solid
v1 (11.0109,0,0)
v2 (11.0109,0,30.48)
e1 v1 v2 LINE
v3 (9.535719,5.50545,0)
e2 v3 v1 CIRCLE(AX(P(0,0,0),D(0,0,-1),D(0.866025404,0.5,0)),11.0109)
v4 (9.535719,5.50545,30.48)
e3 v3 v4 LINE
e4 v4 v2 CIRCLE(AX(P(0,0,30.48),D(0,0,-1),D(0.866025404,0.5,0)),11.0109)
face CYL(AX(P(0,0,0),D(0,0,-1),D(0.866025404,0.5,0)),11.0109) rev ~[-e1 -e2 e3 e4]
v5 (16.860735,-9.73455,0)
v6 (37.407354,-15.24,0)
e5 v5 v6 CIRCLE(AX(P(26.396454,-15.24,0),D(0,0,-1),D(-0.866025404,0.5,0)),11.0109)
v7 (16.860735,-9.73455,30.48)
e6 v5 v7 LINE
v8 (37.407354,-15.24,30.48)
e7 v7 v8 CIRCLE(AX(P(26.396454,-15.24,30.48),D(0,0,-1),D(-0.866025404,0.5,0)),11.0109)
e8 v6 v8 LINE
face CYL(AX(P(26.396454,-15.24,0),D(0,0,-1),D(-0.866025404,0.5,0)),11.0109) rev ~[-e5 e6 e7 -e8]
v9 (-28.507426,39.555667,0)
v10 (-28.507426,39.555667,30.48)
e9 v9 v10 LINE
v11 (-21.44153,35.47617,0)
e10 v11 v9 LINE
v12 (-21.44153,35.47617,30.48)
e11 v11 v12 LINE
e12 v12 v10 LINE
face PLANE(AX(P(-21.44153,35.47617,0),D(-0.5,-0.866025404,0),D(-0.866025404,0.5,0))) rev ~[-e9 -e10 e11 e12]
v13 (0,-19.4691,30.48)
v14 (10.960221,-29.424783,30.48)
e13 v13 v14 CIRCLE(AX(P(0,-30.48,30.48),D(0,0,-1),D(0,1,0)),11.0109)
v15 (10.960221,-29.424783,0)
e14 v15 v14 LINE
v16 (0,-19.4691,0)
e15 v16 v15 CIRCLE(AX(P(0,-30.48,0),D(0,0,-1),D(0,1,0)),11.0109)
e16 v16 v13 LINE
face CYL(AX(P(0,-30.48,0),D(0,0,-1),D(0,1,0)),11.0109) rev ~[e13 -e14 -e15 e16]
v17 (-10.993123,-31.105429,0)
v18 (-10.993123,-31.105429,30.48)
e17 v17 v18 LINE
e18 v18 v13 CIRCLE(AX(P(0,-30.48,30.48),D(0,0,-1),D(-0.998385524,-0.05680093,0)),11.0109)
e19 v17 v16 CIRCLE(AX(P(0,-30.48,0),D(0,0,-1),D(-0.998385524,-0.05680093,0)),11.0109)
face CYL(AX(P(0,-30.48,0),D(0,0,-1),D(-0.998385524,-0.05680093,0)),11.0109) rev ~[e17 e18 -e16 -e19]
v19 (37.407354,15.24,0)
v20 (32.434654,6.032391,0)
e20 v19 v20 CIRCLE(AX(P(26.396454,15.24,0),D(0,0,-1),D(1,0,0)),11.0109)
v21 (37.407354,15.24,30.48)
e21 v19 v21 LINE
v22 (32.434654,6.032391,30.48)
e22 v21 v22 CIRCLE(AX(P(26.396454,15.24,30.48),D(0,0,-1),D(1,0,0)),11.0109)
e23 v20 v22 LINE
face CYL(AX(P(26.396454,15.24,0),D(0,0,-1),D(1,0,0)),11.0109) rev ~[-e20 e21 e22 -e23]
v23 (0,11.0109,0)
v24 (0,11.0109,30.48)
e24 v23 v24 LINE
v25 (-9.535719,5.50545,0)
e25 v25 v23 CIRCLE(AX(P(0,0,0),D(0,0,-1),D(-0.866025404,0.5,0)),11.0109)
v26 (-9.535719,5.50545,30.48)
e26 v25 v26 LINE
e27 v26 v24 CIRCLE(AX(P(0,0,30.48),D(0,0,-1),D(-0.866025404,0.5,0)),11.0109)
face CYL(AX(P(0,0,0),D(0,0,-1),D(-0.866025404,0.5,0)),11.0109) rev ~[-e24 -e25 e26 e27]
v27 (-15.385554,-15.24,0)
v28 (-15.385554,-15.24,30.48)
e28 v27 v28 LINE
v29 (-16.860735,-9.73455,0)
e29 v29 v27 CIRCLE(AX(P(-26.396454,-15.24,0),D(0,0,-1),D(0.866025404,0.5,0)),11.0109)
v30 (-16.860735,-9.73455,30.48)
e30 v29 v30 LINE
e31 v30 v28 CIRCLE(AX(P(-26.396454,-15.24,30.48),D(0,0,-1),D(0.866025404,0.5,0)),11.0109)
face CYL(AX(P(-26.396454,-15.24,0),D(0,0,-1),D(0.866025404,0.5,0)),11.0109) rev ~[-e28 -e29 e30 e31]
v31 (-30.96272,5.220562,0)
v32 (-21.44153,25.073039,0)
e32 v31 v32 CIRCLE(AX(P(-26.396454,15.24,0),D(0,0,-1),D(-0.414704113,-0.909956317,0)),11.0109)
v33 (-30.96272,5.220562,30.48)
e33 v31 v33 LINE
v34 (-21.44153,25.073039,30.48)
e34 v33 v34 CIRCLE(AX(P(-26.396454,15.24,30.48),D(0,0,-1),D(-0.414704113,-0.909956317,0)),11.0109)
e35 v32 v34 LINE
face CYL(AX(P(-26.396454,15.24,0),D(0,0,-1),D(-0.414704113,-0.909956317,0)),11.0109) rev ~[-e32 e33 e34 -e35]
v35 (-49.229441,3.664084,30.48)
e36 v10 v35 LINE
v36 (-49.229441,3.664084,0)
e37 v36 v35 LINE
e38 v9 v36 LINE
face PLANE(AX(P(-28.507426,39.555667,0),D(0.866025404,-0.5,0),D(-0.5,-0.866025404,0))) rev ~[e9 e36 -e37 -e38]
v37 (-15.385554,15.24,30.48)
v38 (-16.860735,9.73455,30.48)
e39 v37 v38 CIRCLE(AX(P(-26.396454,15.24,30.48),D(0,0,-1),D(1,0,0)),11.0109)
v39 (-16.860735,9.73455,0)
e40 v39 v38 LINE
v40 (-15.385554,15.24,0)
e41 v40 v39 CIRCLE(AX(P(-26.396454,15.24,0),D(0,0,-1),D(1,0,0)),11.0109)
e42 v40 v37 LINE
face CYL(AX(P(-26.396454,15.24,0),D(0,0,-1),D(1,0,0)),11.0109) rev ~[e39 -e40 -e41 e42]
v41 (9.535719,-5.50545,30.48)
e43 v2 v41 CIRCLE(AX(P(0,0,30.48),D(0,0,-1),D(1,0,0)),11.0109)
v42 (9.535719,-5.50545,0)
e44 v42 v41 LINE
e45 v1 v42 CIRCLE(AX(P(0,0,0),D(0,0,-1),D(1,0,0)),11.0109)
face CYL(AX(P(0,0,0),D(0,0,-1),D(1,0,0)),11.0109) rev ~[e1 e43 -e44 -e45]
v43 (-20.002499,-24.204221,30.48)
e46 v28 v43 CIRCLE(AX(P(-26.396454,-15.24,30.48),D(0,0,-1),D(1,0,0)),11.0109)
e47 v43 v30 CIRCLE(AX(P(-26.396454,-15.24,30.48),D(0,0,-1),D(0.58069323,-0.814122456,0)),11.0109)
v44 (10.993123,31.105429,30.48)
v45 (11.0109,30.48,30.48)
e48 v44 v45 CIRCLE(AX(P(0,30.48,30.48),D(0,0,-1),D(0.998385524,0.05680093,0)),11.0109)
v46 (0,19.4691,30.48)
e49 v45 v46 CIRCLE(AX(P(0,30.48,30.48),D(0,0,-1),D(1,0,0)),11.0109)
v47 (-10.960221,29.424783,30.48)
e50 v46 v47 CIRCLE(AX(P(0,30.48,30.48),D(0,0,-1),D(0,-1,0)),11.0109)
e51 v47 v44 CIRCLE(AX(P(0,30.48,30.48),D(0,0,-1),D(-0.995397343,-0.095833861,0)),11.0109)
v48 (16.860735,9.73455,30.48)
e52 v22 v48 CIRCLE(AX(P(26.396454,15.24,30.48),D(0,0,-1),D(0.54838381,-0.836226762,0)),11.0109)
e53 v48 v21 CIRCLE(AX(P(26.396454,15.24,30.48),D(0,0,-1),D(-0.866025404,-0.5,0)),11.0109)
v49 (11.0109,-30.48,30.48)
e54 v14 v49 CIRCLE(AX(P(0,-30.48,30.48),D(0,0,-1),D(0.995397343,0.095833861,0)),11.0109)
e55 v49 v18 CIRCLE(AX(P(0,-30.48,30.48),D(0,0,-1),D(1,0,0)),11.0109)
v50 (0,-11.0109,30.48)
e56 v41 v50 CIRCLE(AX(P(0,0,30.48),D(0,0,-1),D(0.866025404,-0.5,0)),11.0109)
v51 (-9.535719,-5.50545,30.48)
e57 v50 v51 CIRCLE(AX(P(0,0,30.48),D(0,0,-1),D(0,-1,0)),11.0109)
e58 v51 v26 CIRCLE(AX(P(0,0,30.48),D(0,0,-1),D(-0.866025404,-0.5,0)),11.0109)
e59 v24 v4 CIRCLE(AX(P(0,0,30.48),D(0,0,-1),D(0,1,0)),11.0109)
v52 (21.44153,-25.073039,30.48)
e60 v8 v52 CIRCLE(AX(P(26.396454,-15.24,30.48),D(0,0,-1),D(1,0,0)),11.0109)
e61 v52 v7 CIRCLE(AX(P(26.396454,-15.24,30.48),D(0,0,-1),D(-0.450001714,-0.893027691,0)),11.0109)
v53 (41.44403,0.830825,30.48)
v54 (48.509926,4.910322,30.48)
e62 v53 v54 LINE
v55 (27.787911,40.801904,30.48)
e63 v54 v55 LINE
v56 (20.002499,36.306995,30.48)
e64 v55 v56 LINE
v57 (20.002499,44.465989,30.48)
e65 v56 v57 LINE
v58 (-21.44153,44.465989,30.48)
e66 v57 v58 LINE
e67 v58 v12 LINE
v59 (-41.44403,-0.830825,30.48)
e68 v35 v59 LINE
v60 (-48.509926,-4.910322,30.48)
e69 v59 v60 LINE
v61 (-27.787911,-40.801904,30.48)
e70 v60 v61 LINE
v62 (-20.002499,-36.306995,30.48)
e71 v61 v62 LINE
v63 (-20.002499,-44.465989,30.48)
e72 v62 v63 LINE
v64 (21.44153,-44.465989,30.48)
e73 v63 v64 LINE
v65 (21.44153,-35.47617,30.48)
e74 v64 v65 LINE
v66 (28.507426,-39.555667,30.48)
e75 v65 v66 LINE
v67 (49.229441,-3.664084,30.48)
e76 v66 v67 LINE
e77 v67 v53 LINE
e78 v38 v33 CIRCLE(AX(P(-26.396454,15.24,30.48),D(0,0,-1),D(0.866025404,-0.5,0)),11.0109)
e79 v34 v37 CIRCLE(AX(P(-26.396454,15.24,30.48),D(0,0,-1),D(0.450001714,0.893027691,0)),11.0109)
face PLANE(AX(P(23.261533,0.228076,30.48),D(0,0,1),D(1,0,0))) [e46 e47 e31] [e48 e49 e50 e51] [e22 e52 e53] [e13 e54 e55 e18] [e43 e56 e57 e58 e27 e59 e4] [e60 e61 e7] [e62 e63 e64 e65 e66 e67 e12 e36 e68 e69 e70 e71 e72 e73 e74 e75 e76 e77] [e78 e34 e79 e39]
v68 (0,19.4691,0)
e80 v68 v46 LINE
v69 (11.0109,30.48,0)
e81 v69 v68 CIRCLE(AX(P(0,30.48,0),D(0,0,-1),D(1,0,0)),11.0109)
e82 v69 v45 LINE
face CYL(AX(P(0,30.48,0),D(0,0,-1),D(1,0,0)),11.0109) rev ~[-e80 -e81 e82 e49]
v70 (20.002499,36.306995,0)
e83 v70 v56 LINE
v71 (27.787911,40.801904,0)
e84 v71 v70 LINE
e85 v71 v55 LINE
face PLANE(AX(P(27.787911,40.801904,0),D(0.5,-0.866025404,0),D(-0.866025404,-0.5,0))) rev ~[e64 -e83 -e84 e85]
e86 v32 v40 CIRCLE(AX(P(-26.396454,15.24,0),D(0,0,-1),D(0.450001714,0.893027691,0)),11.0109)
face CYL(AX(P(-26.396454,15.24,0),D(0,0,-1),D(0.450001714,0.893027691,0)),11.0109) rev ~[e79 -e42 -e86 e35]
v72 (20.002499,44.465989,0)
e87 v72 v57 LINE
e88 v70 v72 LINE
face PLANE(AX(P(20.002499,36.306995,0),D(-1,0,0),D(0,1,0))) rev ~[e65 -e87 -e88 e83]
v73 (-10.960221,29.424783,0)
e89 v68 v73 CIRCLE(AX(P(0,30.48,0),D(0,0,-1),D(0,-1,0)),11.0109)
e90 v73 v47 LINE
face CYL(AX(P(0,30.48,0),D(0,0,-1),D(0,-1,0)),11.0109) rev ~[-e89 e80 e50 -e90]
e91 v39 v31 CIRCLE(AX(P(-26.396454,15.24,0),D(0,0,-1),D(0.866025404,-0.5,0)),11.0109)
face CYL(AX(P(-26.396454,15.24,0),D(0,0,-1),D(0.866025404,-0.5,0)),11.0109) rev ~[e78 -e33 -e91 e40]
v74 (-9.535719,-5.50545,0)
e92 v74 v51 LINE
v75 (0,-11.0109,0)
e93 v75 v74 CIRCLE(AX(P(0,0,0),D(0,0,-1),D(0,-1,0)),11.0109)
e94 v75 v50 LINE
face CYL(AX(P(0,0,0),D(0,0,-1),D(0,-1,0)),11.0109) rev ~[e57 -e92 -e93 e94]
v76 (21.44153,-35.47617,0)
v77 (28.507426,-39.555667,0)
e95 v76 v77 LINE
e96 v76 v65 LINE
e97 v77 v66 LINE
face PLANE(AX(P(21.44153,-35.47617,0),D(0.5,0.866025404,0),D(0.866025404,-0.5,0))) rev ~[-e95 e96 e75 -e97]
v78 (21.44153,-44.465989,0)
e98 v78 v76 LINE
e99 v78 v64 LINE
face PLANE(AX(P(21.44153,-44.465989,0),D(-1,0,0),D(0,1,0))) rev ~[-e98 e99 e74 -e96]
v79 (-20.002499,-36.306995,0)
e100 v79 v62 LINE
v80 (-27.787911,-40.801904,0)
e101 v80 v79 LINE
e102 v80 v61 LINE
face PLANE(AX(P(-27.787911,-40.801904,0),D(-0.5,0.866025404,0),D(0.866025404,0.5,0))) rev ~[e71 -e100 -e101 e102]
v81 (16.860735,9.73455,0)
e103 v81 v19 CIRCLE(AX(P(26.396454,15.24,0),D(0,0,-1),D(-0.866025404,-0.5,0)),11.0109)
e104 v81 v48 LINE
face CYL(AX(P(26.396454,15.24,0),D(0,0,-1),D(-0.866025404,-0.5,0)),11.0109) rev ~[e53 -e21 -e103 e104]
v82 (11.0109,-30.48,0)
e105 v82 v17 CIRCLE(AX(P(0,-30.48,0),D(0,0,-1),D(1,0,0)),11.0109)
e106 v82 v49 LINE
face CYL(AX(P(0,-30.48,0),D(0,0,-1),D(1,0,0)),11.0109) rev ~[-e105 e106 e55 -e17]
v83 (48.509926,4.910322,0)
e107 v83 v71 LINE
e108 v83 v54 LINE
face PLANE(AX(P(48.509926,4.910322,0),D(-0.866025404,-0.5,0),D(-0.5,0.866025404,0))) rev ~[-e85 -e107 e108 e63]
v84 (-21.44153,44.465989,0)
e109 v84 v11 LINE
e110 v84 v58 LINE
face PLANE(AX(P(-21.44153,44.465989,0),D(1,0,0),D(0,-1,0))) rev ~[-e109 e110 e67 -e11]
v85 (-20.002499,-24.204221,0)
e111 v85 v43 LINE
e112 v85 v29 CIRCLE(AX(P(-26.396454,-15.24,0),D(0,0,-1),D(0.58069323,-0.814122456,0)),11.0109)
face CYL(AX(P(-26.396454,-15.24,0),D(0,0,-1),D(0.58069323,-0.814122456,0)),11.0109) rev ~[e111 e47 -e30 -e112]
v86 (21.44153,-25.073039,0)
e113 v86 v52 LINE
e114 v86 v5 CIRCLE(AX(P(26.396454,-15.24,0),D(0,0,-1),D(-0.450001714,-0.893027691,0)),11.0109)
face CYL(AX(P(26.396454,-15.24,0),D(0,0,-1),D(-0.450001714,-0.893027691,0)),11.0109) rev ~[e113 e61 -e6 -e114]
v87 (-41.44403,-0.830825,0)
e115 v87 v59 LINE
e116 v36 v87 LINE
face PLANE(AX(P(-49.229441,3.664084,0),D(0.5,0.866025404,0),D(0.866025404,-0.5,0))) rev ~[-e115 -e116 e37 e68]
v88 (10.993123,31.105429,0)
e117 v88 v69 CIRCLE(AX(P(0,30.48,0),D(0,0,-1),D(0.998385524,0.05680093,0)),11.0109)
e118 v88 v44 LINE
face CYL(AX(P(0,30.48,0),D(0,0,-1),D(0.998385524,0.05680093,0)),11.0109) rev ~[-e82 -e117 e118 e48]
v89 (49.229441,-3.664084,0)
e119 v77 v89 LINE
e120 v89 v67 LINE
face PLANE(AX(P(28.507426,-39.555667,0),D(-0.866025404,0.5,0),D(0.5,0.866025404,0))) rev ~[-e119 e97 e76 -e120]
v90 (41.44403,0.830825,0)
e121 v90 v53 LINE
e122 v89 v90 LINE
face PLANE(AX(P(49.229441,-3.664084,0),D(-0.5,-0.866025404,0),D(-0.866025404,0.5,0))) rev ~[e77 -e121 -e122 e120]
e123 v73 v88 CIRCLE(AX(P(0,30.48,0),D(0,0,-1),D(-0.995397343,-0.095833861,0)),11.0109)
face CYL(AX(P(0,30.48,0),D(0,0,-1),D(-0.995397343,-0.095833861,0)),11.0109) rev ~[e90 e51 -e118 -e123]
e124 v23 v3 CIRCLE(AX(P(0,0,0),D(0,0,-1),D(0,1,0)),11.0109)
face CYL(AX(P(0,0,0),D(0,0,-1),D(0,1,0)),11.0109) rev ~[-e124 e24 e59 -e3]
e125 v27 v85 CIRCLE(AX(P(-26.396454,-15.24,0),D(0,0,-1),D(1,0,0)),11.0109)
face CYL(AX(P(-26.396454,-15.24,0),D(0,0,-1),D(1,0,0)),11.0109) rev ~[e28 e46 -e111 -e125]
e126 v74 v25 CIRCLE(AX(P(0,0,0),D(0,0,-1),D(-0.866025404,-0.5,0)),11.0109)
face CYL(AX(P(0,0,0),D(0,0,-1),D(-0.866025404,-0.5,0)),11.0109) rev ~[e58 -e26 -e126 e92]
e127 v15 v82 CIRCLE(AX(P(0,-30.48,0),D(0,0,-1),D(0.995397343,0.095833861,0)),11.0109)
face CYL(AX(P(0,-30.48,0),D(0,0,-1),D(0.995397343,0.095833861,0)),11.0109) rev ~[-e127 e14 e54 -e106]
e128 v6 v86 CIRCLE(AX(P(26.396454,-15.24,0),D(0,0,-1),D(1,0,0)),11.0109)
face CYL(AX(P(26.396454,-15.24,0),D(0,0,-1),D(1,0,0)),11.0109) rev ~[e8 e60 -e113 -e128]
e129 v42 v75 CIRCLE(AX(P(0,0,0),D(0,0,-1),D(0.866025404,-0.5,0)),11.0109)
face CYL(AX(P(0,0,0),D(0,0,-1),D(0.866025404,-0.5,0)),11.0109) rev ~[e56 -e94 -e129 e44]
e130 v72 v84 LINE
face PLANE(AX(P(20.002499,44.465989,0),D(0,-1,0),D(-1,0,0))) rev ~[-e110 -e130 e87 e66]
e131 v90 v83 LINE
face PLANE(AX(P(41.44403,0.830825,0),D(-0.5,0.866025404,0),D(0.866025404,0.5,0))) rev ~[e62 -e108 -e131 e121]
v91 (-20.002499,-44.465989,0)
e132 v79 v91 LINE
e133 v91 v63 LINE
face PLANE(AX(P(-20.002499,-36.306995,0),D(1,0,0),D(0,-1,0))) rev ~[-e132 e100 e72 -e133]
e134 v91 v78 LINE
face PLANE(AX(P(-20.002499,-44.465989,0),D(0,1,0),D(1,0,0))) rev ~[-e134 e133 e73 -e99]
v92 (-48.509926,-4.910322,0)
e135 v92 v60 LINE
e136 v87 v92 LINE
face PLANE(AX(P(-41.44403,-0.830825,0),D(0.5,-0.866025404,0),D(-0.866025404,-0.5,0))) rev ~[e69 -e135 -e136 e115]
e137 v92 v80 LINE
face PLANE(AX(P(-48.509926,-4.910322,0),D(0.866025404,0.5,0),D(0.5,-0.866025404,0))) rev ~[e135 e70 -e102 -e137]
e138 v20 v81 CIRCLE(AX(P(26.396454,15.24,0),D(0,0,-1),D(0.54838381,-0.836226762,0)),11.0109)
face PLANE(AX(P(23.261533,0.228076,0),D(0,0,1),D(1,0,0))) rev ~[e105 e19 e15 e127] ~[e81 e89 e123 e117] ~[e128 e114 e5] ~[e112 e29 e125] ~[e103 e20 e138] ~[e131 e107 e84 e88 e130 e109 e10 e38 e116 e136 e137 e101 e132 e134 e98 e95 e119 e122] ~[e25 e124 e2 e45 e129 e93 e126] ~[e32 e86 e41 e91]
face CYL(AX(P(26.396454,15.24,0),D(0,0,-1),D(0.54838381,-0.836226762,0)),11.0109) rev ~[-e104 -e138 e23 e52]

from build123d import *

# Parameters (mm, degrees)
F1_DEPTH = 30.48


with BuildPart() as f1:
    # F0 (on Top) → F1 (new body)
    with BuildSketch(Plane.XY):
        with BuildLine():
            ThreePointArc((9.5357191185, 5.50545), (10.6357126807, 2.8498306237), (11.0109, 0))
            ThreePointArc((11.0109, 0), (10.6357126807, -2.8498306237), (9.5357191185, -5.50545))
            Line((9.5357191185, -5.50545), (16.8607351888, -9.73455))
            ThreePointArc((16.8607351888, -9.73455), (23.039686637, -4.7532450387), (30.9627198303, -5.2205619926))
            Line((30.9627198303, -5.2205619926), (41.444029659, 0.8308250585))
            Line((41.444029659, 0.8308250585), (32.4346536017, 6.0323907505))
            ThreePointArc((32.4346536017, 6.0323907505), (23.8499553367, 4.5276117601), (16.8607351888, 9.73455))
            Line((16.8607351888, 9.73455), (9.5357191185, 5.50545))
        make_face()
        with BuildLine():
            ThreePointArc((0, 11.0109), (5.50545, 9.5357191185), (9.5357191185, 5.50545))
            Line((9.5357191185, 5.50545), (16.8607351888, 9.73455))
            ThreePointArc((16.8607351888, 9.73455), (15.6362742725, 17.5763314035), (20.0024992228, 24.204220947))
            Line((20.0024992228, 24.204220947), (20.0024992228, 36.3069950492))
            Line((20.0024992228, 36.3069950492), (10.9931231654, 31.1054293572))
            ThreePointArc((10.9931231654, 31.1054293572), (11.0064548941, 30.7928409727), (11.0109, 30.48))
            ThreePointArc((11.0109, 30.48), (7.785882057, 22.694117943), (0, 19.4691))
            Line((0, 19.4691), (0, 11.0109))
        make_face()
        with BuildLine():
            Line((16.8607351888, -9.73455), (9.5357191185, -5.50545))
            ThreePointArc((9.5357191185, -5.50545), (5.50545, -9.5357191185), (0, -11.0109))
            Line((0, -11.0109), (0, -19.4691))
            ThreePointArc((0, -19.4691), (7.4034123646, -22.3295764423), (10.9602206075, -29.4247829396))
            Line((10.9602206075, -29.4247829396), (21.4415304363, -35.4761699907))
            Line((21.4415304363, -35.4761699907), (21.4415304363, -25.0730386068))
            ThreePointArc((21.4415304363, -25.0730386068), (15.8460044711, -18.3908613207), (16.8607351888, -9.73455))
        make_face()
        with BuildLine():
            ThreePointArc((-9.5357191185, 5.50545), (-5.50545, 9.5357191185), (0, 11.0109))
            Line((0, 11.0109), (0, 19.4691))
            ThreePointArc((0, 19.4691), (-7.4034123646, 22.3295764423), (-10.9602206075, 29.4247829396))
            Line((-10.9602206075, 29.4247829396), (-21.4415304363, 35.4761699907))
            Line((-21.4415304363, 35.4761699907), (-21.4415304363, 25.0730386068))
            ThreePointArc((-21.4415304363, 25.0730386068), (-17.0210052498, 21.0141556767), (-15.3855543073, 15.24))
            ThreePointArc((-15.3855543073, 15.24), (-15.7607416267, 12.3901693763), (-16.8607351888, 9.73455))
            Line((-16.8607351888, 9.73455), (-9.5357191185, 5.50545))
        make_face()
        with BuildLine():
            Line((0, -19.4691), (0, -11.0109))
            ThreePointArc((0, -11.0109), (-5.50545, -9.5357191185), (-9.5357191185, -5.50545))
            Line((-9.5357191185, -5.50545), (-16.8607351888, -9.73455))
            ThreePointArc((-16.8607351888, -9.73455), (-15.7607416267, -12.3901693763), (-15.3855543073, -15.24))
            ThreePointArc((-15.3855543073, -15.24), (-16.6076055791, -20.2816623632), (-20.0024992228, -24.204220947))
            Line((-20.0024992228, -24.204220947), (-20.0024992228, -36.3069950492))
            Line((-20.0024992228, -36.3069950492), (-10.9931231654, -31.1054293572))
            ThreePointArc((-10.9931231654, -31.1054293572), (-8.0039508656, -22.9184730808), (0, -19.4691))
        make_face()
        with BuildLine():
            ThreePointArc((-9.5357191185, -5.50545), (-11.0109, 0), (-9.5357191185, 5.50545))
            Line((-9.5357191185, 5.50545), (-16.8607351888, 9.73455))
            ThreePointArc((-16.8607351888, 9.73455), (-23.039686637, 4.7532450387), (-30.9627198303, 5.2205619926))
            Line((-30.9627198303, 5.2205619926), (-41.444029659, -0.8308250585))
            Line((-41.444029659, -0.8308250585), (-32.4346536017, -6.0323907505))
            ThreePointArc((-32.4346536017, -6.0323907505), (-23.8499553367, -4.5276117601), (-16.8607351888, -9.73455))
            Line((-16.8607351888, -9.73455), (-9.5357191185, -5.50545))
        make_face()
        with BuildLine():
            Line((20.0024992228, 36.3069950492), (20.0024992228, 24.204220947))
            ThreePointArc((20.0024992228, 24.204220947), (31.4381166706, 25.0288487283), (37.4073543073, 15.24))
            ThreePointArc((37.4073543073, 15.24), (36.0847443376, 10.0077007826), (32.4346536017, 6.0323907505))
            Line((32.4346536017, 6.0323907505), (41.444029659, 0.8308250585))
            Line((41.444029659, 0.8308250585), (48.509925581, 4.9103219711))
            Line((48.509925581, 4.9103219711), (27.7879107515, 40.8019044911))
            Line((27.7879107515, 40.8019044911), (20.0024992228, 36.3069950492))
        make_face()
        with BuildLine():
            Line((41.444029659, 0.8308250585), (30.9627198303, -5.2205619926))
            ThreePointArc((30.9627198303, -5.2205619926), (35.6570863553, -9.2834395091), (37.4073543073, -15.24))
            ThreePointArc((37.4073543073, -15.24), (32.1706099841, -24.6154490576), (21.4415304363, -25.0730386068))
            Line((21.4415304363, -25.0730386068), (21.4415304363, -35.4761699907))
            Line((21.4415304363, -35.4761699907), (28.5074263583, -39.5556669033))
            Line((28.5074263583, -39.5556669033), (49.2294411878, -3.6640843834))
            Line((49.2294411878, -3.6640843834), (41.444029659, 0.8308250585))
        make_face()
        with BuildLine():
            Line((-21.4415304363, 35.4761699907), (-10.9602206075, 29.4247829396))
            ThreePointArc((-10.9602206075, 29.4247829396), (-0.8404842294, 41.4587752081), (10.9931231654, 31.1054293572))
            Line((10.9931231654, 31.1054293572), (20.0024992228, 36.3069950492))
            Line((20.0024992228, 36.3069950492), (20.0024992228, 44.4659888744))
            Line((20.0024992228, 44.4659888744), (-21.4415304363, 44.4659888744))
            Line((-21.4415304363, 44.4659888744), (-21.4415304363, 35.4761699907))
        make_face()
        with BuildLine():
            Line((21.4415304363, -35.4761699907), (10.9602206075, -29.4247829396))
            ThreePointArc((10.9602206075, -29.4247829396), (10.9982228541, -29.9517833197), (11.0109, -30.48))
            ThreePointArc((11.0109, -30.48), (0.3128409727, -41.4864548941), (-10.9931231654, -31.1054293572))
            Line((-10.9931231654, -31.1054293572), (-20.0024992228, -36.3069950492))
            Line((-20.0024992228, -36.3069950492), (-20.0024992228, -44.4659888744))
            Line((-20.0024992228, -44.4659888744), (21.4415304363, -44.4659888744))
            Line((21.4415304363, -44.4659888744), (21.4415304363, -35.4761699907))
        make_face()
        with BuildLine():
            Line((-41.444029659, -0.8308250585), (-30.9627198303, 5.2205619926))
            ThreePointArc((-30.9627198303, 5.2205619926), (-36.3245946547, 20.0015069099), (-21.4415304363, 25.0730386068))
            Line((-21.4415304363, 25.0730386068), (-21.4415304363, 35.4761699907))
            Line((-21.4415304363, 35.4761699907), (-28.5074263583, 39.5556669033))
            Line((-28.5074263583, 39.5556669033), (-49.2294411878, 3.6640843834))
            Line((-49.2294411878, 3.6640843834), (-41.444029659, -0.8308250585))
        make_face()
        with BuildLine():
            ThreePointArc((-20.0024992228, -24.204220947), (-35.4841104253, -21.4572682982), (-32.4346536017, -6.0323907505))
            Line((-32.4346536017, -6.0323907505), (-41.444029659, -0.8308250585))
            Line((-41.444029659, -0.8308250585), (-48.509925581, -4.9103219711))
            Line((-48.509925581, -4.9103219711), (-27.7879107515, -40.8019044911))
            Line((-27.7879107515, -40.8019044911), (-20.0024992228, -36.3069950492))
            Line((-20.0024992228, -36.3069950492), (-20.0024992228, -24.204220947))
        make_face()
    extrude(amount=F1_DEPTH)


solid = f1.part
